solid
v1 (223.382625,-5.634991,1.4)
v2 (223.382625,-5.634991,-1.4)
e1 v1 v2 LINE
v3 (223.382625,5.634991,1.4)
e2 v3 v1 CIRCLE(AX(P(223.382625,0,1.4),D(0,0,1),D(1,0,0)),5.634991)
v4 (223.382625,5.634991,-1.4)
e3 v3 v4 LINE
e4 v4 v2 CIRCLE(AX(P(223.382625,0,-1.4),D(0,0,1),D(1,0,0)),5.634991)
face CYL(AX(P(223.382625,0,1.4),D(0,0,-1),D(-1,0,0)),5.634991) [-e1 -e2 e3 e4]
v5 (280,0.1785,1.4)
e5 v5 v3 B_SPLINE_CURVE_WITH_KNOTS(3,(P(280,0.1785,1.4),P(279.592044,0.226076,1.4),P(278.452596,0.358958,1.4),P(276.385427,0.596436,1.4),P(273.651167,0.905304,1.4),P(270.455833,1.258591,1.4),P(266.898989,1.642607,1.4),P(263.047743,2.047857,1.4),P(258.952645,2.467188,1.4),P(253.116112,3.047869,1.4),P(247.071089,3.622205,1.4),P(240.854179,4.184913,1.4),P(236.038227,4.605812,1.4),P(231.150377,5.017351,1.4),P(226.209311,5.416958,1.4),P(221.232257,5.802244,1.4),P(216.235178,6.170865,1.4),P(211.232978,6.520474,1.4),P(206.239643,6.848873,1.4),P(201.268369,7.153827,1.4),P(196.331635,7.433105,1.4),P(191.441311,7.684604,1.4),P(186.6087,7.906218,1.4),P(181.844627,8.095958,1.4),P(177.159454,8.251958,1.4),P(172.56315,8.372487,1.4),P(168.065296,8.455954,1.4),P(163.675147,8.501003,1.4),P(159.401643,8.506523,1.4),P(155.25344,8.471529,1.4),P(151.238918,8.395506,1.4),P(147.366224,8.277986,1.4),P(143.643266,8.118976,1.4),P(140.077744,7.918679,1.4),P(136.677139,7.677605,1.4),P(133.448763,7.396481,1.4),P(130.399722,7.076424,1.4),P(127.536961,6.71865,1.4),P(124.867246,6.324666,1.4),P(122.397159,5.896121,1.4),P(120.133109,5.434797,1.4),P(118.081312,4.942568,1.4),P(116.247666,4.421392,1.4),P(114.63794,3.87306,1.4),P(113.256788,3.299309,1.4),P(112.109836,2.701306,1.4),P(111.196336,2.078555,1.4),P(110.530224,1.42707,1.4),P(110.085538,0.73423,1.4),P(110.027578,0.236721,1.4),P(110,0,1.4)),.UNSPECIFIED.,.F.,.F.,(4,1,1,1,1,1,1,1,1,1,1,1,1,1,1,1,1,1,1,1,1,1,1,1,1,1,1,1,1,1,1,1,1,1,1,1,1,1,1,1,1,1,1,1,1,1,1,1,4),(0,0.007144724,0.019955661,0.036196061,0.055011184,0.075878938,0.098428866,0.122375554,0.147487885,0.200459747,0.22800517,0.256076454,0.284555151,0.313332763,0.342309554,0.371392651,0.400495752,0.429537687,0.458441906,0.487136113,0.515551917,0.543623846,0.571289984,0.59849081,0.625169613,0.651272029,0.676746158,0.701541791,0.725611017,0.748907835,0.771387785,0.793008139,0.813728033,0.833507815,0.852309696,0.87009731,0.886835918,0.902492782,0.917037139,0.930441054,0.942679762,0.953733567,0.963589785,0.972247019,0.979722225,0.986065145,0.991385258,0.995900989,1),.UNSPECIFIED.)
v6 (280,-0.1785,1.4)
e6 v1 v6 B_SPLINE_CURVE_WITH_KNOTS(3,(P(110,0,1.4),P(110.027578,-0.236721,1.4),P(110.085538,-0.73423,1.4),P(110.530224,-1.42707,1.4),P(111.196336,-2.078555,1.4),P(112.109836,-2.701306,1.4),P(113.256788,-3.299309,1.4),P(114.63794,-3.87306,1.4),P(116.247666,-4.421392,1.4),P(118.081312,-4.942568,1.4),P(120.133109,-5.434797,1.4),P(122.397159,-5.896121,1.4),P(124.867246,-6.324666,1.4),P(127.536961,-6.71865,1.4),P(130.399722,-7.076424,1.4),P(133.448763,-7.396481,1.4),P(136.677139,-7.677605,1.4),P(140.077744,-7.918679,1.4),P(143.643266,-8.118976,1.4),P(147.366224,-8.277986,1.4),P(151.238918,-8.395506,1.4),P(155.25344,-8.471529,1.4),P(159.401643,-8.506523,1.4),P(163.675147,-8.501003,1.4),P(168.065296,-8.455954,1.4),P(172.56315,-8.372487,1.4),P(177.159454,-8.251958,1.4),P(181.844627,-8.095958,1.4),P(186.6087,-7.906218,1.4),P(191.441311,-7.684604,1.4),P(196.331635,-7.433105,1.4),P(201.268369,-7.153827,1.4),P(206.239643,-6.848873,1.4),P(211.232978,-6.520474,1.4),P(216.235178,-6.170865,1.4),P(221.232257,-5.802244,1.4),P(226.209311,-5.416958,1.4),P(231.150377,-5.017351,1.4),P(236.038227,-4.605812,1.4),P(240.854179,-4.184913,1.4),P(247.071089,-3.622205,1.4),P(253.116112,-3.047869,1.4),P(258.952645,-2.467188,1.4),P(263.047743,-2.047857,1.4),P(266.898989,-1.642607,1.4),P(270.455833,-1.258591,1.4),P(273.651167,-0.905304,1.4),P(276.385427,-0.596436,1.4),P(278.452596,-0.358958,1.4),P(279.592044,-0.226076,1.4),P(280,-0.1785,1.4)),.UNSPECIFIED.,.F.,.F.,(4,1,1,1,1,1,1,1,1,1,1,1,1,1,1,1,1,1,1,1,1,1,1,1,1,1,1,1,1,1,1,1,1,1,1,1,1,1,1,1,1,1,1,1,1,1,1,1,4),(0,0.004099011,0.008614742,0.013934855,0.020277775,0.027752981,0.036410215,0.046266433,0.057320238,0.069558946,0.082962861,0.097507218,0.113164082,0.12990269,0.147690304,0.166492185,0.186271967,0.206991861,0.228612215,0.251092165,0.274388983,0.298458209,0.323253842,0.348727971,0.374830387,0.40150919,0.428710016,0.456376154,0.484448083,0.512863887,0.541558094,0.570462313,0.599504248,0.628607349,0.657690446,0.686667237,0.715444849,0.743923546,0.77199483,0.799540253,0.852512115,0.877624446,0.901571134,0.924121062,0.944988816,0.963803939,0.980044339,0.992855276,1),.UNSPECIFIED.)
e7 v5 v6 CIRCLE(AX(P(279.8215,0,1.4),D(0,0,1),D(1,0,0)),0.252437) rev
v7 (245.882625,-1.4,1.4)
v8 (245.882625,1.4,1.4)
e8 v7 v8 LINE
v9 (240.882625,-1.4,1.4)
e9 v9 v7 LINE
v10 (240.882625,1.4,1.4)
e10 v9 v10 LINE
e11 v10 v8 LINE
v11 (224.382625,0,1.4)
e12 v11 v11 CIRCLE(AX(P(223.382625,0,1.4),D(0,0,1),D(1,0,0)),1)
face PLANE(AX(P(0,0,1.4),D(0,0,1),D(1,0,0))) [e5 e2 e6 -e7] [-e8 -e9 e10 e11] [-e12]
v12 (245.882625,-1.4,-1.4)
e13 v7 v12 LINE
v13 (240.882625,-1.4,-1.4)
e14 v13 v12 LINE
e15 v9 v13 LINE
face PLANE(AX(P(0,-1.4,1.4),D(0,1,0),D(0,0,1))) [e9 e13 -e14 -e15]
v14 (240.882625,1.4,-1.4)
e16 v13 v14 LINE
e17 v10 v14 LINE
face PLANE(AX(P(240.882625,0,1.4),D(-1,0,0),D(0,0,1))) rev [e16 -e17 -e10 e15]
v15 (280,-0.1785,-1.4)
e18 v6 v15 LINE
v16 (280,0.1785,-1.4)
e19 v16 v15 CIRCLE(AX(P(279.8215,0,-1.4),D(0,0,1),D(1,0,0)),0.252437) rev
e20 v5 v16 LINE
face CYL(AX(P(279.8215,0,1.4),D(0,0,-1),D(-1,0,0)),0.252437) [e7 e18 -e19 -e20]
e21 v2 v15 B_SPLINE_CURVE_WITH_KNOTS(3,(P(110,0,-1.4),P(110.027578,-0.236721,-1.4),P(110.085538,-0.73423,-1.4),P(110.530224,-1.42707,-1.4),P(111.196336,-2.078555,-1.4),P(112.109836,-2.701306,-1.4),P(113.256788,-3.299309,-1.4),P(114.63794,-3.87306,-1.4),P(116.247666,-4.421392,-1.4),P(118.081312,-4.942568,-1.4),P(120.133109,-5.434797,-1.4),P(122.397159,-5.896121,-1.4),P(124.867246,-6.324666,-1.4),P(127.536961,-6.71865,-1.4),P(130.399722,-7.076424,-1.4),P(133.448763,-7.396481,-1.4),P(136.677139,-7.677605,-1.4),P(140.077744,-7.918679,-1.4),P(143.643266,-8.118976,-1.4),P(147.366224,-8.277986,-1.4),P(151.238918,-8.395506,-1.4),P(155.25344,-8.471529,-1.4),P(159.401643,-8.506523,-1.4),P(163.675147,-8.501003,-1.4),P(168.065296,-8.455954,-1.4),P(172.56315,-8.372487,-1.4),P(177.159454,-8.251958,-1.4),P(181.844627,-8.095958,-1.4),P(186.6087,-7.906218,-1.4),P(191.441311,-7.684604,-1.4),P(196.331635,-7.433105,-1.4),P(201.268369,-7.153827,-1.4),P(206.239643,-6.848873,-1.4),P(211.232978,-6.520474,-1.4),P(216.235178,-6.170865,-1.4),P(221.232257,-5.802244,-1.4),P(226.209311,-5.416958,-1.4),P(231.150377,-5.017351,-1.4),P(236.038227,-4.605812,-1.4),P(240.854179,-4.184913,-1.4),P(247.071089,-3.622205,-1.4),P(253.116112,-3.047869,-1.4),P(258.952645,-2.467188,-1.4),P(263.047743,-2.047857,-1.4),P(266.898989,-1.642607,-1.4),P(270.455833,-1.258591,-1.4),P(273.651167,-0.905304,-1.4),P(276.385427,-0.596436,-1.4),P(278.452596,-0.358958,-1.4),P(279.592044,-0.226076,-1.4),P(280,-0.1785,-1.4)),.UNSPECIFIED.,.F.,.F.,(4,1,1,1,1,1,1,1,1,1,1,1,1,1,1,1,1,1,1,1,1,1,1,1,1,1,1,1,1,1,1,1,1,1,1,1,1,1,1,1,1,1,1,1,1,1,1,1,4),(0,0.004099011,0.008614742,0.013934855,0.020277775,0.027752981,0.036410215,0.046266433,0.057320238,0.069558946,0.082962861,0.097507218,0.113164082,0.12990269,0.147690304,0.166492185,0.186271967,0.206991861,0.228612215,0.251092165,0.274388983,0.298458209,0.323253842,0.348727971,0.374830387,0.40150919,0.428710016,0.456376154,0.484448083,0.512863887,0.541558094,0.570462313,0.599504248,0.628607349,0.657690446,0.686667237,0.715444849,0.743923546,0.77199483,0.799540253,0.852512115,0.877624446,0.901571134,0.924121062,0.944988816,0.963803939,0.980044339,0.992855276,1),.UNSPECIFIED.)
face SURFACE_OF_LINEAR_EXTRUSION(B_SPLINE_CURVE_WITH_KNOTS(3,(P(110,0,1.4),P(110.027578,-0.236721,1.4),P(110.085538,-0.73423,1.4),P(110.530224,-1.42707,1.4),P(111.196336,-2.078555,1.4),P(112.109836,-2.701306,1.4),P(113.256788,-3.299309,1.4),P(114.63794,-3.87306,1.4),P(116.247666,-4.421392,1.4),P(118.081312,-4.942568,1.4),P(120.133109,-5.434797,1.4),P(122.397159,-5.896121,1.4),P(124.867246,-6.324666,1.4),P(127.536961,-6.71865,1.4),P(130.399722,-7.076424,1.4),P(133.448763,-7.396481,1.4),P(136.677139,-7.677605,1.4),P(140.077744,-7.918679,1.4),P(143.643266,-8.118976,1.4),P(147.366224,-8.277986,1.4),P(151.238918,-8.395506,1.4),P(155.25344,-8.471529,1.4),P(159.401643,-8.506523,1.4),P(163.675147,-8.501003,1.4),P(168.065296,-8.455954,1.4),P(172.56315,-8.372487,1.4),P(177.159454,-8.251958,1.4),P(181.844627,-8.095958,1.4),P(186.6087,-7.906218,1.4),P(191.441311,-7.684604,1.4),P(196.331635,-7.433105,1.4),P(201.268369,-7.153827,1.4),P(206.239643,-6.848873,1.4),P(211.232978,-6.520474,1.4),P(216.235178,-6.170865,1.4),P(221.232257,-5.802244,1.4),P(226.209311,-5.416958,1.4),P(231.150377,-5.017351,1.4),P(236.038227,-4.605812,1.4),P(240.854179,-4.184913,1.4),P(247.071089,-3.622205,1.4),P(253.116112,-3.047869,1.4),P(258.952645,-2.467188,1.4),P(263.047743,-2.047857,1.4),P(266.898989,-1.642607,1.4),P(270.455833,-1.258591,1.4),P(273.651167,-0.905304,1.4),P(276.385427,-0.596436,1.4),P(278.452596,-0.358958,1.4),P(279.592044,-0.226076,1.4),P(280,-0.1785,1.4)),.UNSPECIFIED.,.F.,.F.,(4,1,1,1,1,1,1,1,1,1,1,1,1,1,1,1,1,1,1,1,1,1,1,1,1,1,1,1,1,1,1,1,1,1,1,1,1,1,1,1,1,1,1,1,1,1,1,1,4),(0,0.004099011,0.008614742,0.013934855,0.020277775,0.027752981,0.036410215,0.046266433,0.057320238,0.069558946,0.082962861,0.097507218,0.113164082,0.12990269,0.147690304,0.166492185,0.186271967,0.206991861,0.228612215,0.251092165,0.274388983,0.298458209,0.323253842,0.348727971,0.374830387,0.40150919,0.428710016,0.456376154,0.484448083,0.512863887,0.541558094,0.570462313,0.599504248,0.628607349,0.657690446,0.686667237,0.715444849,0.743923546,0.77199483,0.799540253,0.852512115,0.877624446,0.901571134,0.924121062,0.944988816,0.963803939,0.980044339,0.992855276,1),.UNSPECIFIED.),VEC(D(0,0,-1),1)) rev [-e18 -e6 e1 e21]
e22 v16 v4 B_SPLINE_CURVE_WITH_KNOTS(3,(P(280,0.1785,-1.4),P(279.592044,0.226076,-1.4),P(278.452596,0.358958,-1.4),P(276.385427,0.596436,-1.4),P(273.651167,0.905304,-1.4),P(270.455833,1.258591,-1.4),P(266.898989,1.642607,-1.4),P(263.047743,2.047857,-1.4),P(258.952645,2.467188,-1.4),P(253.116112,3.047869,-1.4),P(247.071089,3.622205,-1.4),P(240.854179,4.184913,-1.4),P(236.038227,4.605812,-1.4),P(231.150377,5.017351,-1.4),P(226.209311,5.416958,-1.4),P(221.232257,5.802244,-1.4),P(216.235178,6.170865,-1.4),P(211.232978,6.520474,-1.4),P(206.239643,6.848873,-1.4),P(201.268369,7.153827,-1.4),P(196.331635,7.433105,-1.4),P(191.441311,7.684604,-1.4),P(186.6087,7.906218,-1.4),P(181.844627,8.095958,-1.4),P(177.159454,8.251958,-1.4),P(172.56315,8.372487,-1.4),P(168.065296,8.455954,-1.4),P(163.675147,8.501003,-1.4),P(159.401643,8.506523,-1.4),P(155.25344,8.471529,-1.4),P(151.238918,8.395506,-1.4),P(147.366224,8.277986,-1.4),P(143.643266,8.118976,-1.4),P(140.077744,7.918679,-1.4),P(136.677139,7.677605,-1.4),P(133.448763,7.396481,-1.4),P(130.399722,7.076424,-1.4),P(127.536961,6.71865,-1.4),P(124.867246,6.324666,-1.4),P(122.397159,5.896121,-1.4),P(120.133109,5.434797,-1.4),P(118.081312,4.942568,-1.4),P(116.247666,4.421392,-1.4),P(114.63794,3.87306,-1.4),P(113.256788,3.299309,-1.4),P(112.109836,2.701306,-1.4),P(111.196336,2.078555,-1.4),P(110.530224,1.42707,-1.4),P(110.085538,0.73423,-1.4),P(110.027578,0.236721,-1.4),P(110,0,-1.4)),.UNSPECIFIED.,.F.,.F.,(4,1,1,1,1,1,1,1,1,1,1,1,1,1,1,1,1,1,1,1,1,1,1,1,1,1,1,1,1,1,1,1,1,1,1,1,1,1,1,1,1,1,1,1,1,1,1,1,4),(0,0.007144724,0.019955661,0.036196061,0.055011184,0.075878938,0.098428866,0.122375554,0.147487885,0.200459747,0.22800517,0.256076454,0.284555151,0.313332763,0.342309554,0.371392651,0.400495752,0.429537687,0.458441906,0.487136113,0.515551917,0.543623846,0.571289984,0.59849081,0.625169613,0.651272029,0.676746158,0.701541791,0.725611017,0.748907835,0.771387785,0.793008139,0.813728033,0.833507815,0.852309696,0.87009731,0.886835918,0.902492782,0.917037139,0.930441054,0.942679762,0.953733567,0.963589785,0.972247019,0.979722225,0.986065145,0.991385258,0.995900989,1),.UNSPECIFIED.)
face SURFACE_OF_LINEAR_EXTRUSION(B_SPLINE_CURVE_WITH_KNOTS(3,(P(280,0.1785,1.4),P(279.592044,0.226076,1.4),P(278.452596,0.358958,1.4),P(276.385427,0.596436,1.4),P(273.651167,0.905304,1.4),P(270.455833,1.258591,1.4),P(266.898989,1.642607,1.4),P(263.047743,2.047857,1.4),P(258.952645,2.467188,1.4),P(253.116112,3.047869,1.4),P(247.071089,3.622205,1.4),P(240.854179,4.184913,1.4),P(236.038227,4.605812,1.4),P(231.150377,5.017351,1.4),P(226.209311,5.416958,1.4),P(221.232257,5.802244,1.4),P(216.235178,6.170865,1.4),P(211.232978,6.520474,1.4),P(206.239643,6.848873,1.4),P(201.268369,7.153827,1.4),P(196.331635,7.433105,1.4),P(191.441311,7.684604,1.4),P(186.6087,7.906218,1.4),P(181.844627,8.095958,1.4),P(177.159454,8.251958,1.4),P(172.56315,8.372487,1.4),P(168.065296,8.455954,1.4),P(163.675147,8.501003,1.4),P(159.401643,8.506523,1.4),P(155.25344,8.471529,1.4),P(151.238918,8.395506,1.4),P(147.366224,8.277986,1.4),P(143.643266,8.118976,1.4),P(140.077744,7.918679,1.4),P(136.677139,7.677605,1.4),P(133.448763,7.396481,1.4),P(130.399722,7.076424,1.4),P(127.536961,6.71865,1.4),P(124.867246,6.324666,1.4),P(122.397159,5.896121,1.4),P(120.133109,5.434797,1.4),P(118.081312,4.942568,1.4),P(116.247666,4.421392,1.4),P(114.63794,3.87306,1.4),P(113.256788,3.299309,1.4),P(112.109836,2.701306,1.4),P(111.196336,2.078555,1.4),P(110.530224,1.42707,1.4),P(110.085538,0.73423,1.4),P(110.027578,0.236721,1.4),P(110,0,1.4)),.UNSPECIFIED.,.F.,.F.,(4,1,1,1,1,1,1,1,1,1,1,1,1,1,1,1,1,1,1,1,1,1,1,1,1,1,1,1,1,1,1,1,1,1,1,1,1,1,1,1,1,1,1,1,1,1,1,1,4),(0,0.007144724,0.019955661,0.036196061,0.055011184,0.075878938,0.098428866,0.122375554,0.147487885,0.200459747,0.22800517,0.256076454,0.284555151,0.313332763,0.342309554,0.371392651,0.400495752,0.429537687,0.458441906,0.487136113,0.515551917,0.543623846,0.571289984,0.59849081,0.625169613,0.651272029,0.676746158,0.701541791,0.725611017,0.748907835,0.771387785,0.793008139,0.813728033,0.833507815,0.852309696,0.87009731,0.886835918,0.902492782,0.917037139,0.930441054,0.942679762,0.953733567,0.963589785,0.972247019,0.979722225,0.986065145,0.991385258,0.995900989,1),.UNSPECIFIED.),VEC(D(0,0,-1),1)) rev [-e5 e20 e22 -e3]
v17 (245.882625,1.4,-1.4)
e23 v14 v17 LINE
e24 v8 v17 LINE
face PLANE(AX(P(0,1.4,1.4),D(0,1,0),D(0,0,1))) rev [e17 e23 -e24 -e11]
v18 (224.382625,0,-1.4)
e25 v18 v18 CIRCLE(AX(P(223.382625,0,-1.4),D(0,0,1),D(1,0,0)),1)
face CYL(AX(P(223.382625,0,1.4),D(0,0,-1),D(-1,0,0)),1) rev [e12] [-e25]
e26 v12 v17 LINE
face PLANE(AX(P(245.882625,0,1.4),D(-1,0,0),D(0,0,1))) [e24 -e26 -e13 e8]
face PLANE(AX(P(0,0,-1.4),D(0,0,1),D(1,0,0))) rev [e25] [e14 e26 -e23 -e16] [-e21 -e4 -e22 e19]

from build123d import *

# Parameters (mm, degrees)
SKETCH_1_W      = 5
SKETCH_1_H      = 2.8
SKETCH_1_R      = 1
EXTRUDE_1_DEPTH = 1.4


with BuildPart() as part:
    # Эскиз1 → Бобышка-Вытянуть1 (new, symmetric)
    with BuildSketch(Plane.XY):
        with BuildLine():
            ThreePointArc((223.382624747, 5.634990628), (219.398084745, 3.984540168), (217.747634119, 2.35e-07))
            ThreePointArc((217.747634119, 2.35e-07), (219.398084579, -3.984540002), (223.382624747, -5.634990628))
            add(Edge.make_bspline(
                [(223.382624747, -5.634990628), (224.328656864, -5.562010205), (226.923894547, -5.359166556), (231.150377303, -5.017351103), (236.038226964, -4.605811749), (240.854179313, -4.184912649), (247.071089236, -3.62220531), (253.116111921, -3.047869044), (258.952644662, -2.467188138), (263.047743378, -2.047856604), (266.898988862, -1.642607304), (270.455833183, -1.258590905), (273.651166984, -0.905304265), (276.385426802, -0.596436482), (278.45259621, -0.358958361), (279.592043704, -0.226075898), (280, -0.1785)],
                knots=[0.670161589, 0.670161589, 0.670161589, 0.670161589, 0.686667237, 0.715444849, 0.743923546, 0.77199483, 0.799540253, 0.852512115, 0.877624446, 0.901571134, 0.924121062, 0.944988816, 0.963803939, 0.980044339, 0.992855276, 1, 1, 1, 1], degree=3))
            ThreePointArc((280, -0.1785), (280.073937121, 0), (280, 0.1785))
            add(Edge.make_bspline(
                [(280, 0.1785), (279.592043704, 0.226075898), (278.45259621, 0.358958361), (276.385426802, 0.596436482), (273.651166984, 0.905304265), (270.455833183, 1.258590905), (266.898988862, 1.642607304), (263.047743378, 2.047856604), (258.952644662, 2.467188138), (253.116111921, 3.047869044), (247.071089236, 3.62220531), (240.854179313, 4.184912649), (236.038226964, 4.605811749), (231.150377303, 5.017351103), (226.923894547, 5.359166556), (224.328656864, 5.562010205), (223.382624747, 5.634990628)],
                knots=[0, 0, 0, 0, 0.007144724, 0.019955661, 0.036196061, 0.055011184, 0.075878938, 0.098428866, 0.122375554, 0.147487885, 0.200459747, 0.22800517, 0.256076454, 0.284555151, 0.313332763, 0.329838411, 0.329838411, 0.329838411, 0.329838411], degree=3))
        make_face()
        with Locations((243.382624747, 0)):
            Rectangle(SKETCH_1_W, SKETCH_1_H, mode=Mode.SUBTRACT)
        with Locations((223.382624747, 0)):
            Circle(SKETCH_1_R, mode=Mode.SUBTRACT)
    extrude(amount=EXTRUDE_1_DEPTH, both=True)


solid = part.part
